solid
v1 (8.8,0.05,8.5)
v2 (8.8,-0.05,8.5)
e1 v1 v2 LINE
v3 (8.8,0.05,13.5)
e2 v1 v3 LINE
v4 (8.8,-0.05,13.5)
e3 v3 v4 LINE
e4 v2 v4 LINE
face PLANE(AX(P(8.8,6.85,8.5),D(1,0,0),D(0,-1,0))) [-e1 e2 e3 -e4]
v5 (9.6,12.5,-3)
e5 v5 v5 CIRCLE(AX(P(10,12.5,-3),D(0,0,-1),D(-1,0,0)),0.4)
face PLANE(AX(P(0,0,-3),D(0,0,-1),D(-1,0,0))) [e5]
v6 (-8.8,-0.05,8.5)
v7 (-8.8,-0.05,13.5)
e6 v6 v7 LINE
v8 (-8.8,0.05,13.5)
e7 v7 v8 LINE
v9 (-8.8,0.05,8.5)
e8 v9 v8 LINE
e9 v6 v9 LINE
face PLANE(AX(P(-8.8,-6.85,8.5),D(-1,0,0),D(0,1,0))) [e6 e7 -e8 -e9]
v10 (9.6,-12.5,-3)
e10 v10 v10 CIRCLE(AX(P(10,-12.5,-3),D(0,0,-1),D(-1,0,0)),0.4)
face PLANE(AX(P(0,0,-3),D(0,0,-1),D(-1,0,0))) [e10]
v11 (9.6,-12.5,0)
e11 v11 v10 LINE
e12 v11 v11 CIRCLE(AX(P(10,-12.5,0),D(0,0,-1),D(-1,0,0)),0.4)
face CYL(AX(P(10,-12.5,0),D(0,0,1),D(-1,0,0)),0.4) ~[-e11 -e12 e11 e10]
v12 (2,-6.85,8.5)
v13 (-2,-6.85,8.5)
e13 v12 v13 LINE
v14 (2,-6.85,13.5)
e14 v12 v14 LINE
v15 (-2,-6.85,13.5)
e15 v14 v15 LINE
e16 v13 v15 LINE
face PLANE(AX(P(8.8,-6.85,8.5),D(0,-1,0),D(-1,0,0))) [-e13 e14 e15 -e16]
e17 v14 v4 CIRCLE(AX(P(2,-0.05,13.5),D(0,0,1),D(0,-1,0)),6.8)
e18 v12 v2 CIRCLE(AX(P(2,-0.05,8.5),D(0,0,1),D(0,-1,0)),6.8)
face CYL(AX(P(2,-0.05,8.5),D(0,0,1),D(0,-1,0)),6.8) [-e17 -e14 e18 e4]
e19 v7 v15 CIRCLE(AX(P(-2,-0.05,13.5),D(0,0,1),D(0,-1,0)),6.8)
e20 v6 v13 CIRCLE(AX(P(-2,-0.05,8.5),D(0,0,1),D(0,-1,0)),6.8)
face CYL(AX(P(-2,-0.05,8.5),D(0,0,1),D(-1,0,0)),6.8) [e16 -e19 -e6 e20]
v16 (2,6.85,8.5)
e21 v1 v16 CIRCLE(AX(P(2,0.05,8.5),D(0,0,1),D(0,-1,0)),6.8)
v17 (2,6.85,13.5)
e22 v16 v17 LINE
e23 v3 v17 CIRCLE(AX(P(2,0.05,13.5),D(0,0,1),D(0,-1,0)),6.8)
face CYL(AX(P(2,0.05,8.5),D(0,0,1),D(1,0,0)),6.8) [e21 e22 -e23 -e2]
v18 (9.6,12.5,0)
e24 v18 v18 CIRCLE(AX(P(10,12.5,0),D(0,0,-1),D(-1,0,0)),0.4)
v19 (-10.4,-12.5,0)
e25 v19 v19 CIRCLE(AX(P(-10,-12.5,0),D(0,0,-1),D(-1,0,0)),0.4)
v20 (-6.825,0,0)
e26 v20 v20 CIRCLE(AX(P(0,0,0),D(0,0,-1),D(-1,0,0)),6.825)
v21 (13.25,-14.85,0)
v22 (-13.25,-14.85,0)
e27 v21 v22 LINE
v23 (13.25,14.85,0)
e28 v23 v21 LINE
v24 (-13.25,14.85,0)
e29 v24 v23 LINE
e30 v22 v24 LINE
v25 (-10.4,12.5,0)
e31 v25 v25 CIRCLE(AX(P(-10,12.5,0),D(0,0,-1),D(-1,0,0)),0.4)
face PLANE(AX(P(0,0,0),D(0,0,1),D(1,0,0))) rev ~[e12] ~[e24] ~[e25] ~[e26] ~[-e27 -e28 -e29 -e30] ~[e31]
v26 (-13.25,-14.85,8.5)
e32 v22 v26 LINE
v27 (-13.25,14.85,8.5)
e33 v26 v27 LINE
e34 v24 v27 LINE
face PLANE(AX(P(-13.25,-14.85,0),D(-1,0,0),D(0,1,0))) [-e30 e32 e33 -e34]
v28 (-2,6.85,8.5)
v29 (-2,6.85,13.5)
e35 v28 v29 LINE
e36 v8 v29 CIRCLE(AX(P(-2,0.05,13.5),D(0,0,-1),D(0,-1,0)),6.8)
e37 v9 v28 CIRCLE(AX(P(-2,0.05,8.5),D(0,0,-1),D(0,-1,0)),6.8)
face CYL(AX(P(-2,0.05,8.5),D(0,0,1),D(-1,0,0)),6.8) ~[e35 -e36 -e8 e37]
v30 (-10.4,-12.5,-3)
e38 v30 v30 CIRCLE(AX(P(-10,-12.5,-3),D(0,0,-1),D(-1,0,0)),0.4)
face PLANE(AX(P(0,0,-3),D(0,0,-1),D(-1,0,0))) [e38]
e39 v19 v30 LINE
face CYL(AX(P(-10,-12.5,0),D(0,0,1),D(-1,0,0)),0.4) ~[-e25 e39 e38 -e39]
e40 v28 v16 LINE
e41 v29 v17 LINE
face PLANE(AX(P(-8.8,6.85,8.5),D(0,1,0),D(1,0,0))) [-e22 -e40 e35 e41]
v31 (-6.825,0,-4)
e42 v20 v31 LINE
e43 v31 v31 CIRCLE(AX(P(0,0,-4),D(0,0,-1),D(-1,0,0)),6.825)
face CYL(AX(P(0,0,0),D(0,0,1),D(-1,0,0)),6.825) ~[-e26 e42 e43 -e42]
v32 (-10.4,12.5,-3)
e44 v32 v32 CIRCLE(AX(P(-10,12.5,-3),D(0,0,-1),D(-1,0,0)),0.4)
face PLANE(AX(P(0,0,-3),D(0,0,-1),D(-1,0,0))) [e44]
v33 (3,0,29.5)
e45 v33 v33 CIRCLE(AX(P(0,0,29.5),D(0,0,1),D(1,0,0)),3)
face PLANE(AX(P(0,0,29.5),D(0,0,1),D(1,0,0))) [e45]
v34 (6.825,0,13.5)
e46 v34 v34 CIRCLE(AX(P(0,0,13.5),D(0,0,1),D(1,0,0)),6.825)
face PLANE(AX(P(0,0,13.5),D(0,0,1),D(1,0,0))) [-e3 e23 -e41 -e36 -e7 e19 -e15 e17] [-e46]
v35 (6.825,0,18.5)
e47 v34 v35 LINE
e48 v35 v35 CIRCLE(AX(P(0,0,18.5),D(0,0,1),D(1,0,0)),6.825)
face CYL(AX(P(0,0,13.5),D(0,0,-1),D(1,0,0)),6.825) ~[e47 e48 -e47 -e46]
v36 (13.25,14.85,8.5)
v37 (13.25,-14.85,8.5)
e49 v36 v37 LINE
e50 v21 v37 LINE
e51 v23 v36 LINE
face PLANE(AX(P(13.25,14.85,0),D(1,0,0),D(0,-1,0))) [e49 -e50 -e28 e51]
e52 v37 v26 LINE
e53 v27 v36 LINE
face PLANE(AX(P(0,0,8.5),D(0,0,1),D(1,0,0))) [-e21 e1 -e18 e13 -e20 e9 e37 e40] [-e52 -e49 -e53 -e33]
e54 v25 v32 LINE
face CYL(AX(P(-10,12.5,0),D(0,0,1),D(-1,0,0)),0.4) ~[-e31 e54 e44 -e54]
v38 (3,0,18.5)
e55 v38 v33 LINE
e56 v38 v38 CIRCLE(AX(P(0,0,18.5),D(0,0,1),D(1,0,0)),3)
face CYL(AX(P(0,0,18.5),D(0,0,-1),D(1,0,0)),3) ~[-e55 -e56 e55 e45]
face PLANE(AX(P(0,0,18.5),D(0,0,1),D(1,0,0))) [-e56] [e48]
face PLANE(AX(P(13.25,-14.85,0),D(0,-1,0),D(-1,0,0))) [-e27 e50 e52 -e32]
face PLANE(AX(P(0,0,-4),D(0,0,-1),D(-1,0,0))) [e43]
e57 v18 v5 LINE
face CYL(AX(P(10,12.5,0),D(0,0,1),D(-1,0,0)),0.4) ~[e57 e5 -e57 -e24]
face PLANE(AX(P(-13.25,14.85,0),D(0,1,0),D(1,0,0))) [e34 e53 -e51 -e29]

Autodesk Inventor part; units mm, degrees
ref_plane "YZ Plane" through (0, 0, 0) normal (1, 0, 0) x (0, 1, 0)
ref_plane "XZ Plane" through (0, 0, 0) normal (0, 1, 0) x (-1, 0, 0)
ref_plane "XY Plane" through (0, 0, 0) normal (0, 0, 1) x (1, 0, 0)
sketch "Sketch1" plane through (0, 0, 0) normal (0, 0, 1) x (1, 0, 0)
  line L0 (-13.25, 14.85) -> (13.25, 14.85)
  line L1 (13.25, 14.85) -> (13.25, -14.85)
  line L2 (13.25, -14.85) -> (-13.25, -14.85)
  line L3 (-13.25, -14.85) -> (-13.25, 14.85)
  line L4 (-13.25, 14.85) -> (13.25, -14.85) construction
  line L5 (13.25, 14.85) -> (-13.25, -14.85) construction
  point P0 (0, 0)
  dimension "d0" = 26.5
  dimension "d1" = 29.7
extrude "Extrusion1" add sketch "Sketch1" along normal blind 8.5
sketch "Sketch2" plane through (0, 0, 8.5) normal (0, 0, 1) x (1, 0, 0)
  line L0 (-8.8, 6.85) -> (8.8, 6.85)
  line L1 (8.8, 6.85) -> (8.8, -6.85)
  line L2 (8.8, -6.85) -> (-8.8, -6.85)
  line L3 (-8.8, -6.85) -> (-8.8, 6.85)
  line L4 (-8.8, 6.85) -> (8.8, -6.85) construction
  line L5 (8.8, 6.85) -> (-8.8, -6.85) construction
  point P0 (0, 0)
  dimension "d4" = 17.6
  dimension "d5" = 13.7
extrude "Extrusion2" add sketch "Sketch2" along normal blind 5
fillet "Fillet1" radius 6.8 4 edges at (8.8, 6.85, 11) (8.8, -6.85, 11) (-8.8, 6.85, 11) (-8.8, -6.85, 11)
sketch "Sketch3" plane through (0, 0, 13.5) normal (0, 0, 1) x (1, 0, 0)
  circle A0 centre (0, 0) radius 6.825
  dimension "d9" = 13.65
extrude "Extrusion3" add sketch "Sketch3" along normal blind 5
sketch "Sketch4" plane through (0, 0, 18.5) normal (0, 0, 1) x (1, 0, 0)
  circle A0 centre (0, 0) radius 3
  dimension "d12" = 6
extrude "Extrusion4" add sketch "Sketch4" along normal blind 11
sketch "Sketch5" plane through (0, 0, 0) normal (0, 0, -1) x (-1, 0, 0)
  line L0 (-10, 12.5) -> (10, 12.5) construction
  line L1 (10, 12.5) -> (10, -12.5) construction
  line L2 (10, -12.5) -> (-10, -12.5) construction
  line L3 (-10, -12.5) -> (-10, 12.5) construction
  line L4 (-10, 12.5) -> (10, -12.5) construction
  line L5 (10, 12.5) -> (-10, -12.5) construction
  circle A0 centre (10, 12.5) radius 0.4
  circle A1 centre (-10, -12.5) radius 0.4
  circle A2 centre (10, -12.5) radius 0.4
  circle A3 centre (-10, 12.5) radius 0.4
  point P0 (0, 0)
  dimension "d15" = 20
  dimension "d16" = 25
  dimension "d18" = 0.8
  dimension "d19" = 0.8
  dimension "d20" = 0.8
  dimension "d21" = 0.8
extrude "Extrusion5" add sketch "Sketch5" along normal blind 3
sketch "Sketch6" plane through (0, 0, 0) normal (0, 0, -1) x (-1, 0, 0)
  circle A0 centre (0, 0) radius 6.825 projected
extrude "Extrusion6" add sketch "Sketch6" along normal blind 4
properties part number "Encoder" material "ABS Plastic"
